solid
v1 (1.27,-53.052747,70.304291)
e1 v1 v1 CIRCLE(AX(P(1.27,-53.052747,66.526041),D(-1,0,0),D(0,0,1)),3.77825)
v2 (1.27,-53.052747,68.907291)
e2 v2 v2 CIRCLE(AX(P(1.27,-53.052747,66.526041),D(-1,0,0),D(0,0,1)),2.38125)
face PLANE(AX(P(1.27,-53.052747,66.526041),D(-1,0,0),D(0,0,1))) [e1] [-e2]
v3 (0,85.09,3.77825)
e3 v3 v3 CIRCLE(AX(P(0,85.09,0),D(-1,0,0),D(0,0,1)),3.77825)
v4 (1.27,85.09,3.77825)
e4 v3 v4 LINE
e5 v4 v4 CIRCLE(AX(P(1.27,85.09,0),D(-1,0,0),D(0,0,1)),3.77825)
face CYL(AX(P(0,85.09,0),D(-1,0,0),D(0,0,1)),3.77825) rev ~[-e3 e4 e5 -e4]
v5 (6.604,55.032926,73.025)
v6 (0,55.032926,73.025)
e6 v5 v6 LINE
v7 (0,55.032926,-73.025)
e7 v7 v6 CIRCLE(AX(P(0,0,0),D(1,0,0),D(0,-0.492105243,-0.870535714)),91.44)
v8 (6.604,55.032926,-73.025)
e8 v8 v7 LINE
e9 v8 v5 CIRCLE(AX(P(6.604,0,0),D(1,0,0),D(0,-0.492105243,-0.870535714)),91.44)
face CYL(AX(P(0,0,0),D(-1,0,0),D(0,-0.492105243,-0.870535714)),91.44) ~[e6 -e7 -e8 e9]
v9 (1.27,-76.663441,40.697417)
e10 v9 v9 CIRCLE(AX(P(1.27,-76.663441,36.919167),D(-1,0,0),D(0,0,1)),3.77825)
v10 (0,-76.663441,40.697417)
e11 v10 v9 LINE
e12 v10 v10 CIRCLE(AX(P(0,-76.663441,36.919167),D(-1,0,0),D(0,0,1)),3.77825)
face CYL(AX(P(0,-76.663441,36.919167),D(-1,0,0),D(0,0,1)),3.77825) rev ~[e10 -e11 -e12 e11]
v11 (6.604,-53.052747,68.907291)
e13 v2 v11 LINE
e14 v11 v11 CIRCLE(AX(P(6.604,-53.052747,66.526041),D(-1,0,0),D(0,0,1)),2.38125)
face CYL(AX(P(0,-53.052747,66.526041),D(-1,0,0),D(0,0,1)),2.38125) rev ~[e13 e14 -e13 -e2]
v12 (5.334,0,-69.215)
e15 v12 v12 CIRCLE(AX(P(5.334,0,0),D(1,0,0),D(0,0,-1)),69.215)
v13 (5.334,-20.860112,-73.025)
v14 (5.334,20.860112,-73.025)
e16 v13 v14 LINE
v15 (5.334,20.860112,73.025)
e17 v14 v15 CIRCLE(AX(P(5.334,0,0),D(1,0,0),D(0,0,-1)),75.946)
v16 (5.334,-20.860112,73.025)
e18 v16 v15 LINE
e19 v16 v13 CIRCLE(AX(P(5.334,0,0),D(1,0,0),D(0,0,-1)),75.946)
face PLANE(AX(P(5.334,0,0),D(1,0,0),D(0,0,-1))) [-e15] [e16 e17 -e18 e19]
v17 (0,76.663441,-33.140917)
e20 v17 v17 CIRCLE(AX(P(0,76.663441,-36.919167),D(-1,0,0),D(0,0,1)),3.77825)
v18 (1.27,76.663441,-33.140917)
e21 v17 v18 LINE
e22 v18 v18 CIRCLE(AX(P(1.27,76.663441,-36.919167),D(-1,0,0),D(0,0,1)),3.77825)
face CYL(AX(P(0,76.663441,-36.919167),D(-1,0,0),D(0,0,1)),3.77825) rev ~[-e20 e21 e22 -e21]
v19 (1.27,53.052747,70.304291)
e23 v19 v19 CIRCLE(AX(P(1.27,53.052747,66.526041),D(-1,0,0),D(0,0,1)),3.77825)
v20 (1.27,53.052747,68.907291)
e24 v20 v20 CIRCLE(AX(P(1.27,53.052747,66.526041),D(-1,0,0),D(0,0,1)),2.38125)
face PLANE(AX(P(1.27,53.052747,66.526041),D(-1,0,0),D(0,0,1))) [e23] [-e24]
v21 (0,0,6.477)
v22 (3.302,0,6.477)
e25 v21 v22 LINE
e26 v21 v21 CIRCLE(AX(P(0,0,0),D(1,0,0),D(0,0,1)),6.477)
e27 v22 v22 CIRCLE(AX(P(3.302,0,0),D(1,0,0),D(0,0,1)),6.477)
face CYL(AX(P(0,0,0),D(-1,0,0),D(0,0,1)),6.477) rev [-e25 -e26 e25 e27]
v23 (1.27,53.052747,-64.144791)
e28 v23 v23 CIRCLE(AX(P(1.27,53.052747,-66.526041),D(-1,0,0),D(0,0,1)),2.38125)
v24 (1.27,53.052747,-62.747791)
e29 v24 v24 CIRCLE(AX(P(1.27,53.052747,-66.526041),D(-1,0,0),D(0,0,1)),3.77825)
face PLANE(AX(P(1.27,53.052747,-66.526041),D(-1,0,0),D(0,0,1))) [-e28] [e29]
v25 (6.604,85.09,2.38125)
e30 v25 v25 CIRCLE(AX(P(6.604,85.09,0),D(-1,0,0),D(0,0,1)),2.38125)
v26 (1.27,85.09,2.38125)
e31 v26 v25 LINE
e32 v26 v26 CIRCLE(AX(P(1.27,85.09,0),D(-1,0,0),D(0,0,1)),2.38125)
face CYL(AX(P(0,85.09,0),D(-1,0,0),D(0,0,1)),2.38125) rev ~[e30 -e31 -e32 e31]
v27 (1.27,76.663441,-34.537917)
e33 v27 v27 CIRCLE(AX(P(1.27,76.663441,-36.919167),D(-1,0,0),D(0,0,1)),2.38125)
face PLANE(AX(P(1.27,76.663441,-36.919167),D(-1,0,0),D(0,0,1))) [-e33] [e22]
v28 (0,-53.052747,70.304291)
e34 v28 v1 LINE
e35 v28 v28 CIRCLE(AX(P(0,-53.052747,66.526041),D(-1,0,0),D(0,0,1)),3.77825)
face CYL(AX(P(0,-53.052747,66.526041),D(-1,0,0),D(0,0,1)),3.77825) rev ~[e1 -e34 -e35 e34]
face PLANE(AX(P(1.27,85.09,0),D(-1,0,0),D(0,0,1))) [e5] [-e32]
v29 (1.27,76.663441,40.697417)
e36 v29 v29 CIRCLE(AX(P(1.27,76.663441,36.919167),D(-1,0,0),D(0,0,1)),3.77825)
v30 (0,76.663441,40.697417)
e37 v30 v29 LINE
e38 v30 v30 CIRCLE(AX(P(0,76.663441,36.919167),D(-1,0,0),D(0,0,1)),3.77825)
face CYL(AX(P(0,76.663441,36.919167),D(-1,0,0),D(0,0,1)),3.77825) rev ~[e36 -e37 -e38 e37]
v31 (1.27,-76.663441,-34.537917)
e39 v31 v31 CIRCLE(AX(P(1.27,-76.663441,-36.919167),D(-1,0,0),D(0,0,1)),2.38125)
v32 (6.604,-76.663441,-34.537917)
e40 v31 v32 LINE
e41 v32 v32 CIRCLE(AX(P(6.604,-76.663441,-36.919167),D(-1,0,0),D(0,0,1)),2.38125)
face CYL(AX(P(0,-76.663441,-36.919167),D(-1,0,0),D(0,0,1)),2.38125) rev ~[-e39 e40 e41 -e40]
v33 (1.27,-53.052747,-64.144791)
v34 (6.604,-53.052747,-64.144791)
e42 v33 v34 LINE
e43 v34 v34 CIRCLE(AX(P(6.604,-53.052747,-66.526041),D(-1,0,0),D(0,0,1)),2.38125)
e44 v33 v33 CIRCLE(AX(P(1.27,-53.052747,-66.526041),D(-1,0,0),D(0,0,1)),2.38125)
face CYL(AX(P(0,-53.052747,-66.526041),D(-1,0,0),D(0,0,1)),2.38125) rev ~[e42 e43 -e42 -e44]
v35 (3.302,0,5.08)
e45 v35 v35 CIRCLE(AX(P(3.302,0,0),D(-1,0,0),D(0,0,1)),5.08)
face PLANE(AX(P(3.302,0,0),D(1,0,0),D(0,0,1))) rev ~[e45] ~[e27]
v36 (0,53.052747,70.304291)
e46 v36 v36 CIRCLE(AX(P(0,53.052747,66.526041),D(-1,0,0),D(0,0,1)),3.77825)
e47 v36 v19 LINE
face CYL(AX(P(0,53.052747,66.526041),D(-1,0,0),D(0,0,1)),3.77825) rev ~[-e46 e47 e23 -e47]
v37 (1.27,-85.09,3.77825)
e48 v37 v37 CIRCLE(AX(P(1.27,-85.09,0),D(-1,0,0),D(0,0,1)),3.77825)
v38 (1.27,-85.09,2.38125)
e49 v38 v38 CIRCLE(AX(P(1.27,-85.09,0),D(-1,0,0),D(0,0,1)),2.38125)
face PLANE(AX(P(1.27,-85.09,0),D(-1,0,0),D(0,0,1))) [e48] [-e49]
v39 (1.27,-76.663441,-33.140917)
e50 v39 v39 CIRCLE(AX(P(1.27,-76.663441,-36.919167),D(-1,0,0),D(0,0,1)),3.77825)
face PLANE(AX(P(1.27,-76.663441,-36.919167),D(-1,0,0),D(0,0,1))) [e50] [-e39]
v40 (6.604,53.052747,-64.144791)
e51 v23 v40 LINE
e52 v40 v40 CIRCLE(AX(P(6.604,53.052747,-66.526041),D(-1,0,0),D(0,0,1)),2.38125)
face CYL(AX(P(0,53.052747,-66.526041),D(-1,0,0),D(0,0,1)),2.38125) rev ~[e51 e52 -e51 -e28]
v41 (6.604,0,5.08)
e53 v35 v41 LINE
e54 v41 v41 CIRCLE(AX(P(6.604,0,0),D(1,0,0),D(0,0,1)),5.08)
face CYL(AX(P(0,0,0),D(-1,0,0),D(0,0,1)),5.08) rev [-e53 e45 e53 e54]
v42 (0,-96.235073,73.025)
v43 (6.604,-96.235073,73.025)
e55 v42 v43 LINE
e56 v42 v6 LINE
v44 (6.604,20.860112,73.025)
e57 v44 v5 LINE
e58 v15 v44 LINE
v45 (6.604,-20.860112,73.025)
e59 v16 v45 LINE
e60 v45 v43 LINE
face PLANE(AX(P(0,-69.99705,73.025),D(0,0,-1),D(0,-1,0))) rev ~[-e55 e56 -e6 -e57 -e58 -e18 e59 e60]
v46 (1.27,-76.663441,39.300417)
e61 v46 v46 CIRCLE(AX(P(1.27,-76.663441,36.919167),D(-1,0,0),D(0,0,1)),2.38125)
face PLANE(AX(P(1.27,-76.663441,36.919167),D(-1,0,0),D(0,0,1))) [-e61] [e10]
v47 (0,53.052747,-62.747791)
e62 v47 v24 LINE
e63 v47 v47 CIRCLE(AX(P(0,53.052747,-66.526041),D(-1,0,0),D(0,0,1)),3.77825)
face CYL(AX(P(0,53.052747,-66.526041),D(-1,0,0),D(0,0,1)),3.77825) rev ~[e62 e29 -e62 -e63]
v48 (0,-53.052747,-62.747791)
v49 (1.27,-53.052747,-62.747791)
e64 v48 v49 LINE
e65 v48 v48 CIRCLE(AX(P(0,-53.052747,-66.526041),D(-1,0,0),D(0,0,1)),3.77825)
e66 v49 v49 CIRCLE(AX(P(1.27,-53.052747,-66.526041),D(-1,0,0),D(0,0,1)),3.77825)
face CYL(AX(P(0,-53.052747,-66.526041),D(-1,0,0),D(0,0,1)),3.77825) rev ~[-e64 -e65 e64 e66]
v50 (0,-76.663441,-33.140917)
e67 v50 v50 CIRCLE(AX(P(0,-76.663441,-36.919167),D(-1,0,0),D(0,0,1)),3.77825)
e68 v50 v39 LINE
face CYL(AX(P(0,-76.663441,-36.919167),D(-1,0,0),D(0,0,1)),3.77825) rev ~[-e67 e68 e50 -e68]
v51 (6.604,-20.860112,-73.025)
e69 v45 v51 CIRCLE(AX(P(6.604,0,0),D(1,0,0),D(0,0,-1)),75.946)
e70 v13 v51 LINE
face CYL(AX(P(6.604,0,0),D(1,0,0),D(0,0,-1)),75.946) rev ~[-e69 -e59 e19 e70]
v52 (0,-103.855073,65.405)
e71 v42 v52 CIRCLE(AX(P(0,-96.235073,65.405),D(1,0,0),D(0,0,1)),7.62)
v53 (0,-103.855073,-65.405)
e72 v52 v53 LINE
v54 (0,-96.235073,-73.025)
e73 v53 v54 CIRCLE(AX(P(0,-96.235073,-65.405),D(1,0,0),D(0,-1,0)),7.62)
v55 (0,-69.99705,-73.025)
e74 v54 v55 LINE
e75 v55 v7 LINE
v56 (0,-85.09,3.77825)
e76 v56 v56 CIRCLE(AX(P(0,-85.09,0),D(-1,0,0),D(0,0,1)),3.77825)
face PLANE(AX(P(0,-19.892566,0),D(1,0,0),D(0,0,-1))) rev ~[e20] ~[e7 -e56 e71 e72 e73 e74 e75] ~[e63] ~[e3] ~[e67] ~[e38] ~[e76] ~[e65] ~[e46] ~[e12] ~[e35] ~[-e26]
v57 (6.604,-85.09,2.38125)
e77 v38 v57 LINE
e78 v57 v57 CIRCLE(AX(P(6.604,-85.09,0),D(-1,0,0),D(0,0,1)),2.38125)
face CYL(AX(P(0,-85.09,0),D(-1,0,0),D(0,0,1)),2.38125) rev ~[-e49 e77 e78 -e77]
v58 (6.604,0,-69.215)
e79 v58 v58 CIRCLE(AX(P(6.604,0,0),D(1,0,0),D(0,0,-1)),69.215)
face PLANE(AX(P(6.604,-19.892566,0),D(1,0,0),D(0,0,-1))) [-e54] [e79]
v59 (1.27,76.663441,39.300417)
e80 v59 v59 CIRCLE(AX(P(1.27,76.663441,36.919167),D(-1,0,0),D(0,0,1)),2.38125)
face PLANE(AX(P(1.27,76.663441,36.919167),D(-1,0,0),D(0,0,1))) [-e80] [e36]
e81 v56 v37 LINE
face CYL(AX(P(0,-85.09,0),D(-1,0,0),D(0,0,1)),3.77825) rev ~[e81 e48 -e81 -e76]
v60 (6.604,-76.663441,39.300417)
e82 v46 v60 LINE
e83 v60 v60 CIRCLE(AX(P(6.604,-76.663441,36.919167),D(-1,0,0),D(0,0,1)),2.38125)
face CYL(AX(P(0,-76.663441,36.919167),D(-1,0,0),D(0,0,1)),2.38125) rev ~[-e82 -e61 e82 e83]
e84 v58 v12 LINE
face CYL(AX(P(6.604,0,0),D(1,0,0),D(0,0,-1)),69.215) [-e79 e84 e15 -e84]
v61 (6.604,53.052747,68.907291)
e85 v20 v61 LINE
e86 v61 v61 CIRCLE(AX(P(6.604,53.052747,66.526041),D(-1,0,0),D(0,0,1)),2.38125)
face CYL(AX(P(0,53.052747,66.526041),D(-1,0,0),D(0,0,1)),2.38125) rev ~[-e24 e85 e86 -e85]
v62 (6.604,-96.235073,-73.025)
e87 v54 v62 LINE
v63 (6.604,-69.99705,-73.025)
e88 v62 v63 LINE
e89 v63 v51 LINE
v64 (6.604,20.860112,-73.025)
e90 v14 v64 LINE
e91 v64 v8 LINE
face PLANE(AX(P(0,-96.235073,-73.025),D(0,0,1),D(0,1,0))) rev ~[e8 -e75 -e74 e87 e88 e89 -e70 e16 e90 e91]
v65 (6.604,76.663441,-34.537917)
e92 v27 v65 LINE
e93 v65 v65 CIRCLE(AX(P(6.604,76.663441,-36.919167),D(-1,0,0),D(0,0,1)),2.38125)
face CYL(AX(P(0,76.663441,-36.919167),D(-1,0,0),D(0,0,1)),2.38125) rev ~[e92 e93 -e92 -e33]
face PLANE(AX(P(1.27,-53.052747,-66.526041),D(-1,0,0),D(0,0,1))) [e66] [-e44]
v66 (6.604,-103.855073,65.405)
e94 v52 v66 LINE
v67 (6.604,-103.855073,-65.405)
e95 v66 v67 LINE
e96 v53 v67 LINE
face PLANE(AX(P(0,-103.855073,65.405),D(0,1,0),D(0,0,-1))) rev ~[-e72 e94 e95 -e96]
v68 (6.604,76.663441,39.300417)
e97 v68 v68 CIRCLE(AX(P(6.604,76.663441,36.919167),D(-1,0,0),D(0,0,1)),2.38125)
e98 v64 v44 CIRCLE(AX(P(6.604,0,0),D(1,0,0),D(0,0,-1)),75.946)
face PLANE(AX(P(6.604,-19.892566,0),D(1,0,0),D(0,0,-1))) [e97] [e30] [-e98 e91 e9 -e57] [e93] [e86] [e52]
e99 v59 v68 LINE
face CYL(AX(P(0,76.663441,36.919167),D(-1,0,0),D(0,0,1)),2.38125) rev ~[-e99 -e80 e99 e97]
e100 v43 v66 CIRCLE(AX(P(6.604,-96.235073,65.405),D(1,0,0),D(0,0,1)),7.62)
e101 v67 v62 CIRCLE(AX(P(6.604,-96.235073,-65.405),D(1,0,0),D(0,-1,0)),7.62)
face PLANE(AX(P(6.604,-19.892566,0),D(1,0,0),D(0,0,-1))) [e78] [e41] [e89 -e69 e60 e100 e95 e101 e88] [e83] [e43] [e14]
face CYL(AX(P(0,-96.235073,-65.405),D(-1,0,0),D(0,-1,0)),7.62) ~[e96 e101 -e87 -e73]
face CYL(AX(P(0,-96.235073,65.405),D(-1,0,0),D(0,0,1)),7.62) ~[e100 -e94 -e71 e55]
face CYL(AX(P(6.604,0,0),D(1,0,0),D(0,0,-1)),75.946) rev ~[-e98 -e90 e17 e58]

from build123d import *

# Parameters (mm, degrees)
SKETCH1_R           = 5.08
BOSS_EXTRUDE1_DEPTH = 6.604
SKETCH2_R           = 6.477
CUT_EXTRUDE1_DEPTH  = 3.302
SKETCH3_R           = 75.946
SKETCH3_R_2         = 69.215
CUT_EXTRUDE2_DEPTH  = 1.27
SKETCH4_R           = 2.38125
CUT_EXTRUDE3_DEPTH  = 139.530727768
SKETCH5_R           = 3.77825
CUT_EXTRUDE4_DEPTH  = 1.27
SKETCH6_W           = 37.512644612
SKETCH6_H           = 125.02997604
SKETCH6_W_2         = 29.936636925
CUT_EXTRUDE6_DEPTH  = 139.530727768


with BuildPart() as part:
    # Sketch1 → Boss-Extrude1 (new body)
    with BuildSketch(Plane(origin=(0, 0, 0), x_dir=(0, 0, -1), z_dir=(1, 0, 0))):
        with BuildLine():
            Line((-65.405, -103.855072673), (65.405, -103.855072673))
            ThreePointArc((65.405, -103.855072673), (70.793153673, -101.623226346), (73.025, -96.235072673))
            Line((73.025, -96.235072673), (73.025, -69.997049759))
            ThreePointArc((73.025, -69.997049759), (74.696702219, -57.072253546), (79.601785714, -44.998103417))
            ThreePointArc((79.601785714, -44.998103417), (0, 91.44), (-79.601785714, -44.998103417))
            ThreePointArc((-79.601785714, -44.998103417), (-74.696702219, -57.072253546), (-73.025, -69.997049759))
            Line((-73.025, -69.997049759), (-73.025, -96.235072673))
            ThreePointArc((-73.025, -96.235072673), (-70.793153673, -101.623226346), (-65.405, -103.855072673))
        make_face()
        with Locations(Location((0, 0, 0), (0, 0, 180))):
            Circle(SKETCH1_R, mode=Mode.SUBTRACT)
    extrude(amount=BOSS_EXTRUDE1_DEPTH)

    # Sketch2 → Cut-Extrude1 (cut)
    with BuildSketch(Plane(origin=(0, 0, 0), x_dir=(0, 0, -1), z_dir=(1, 0, 0))):
        with Locations(Location((0, 0, 0), (0, 0, 180))):
            Circle(SKETCH2_R)
    extrude(amount=CUT_EXTRUDE1_DEPTH, mode=Mode.SUBTRACT)

    # Sketch3 → Cut-Extrude2 (cut)
    with BuildSketch(Plane(origin=(6.604, 0, 0), x_dir=(0, 0, -1), z_dir=(1, 0, 0))):
        Circle(SKETCH3_R)
        Circle(SKETCH3_R_2, mode=Mode.SUBTRACT)
    extrude(amount=-CUT_EXTRUDE2_DEPTH, mode=Mode.SUBTRACT)

    # Sketch4 → Cut-Extrude3 (cut, through all)
    with BuildSketch(Plane.ZY):
        with Locations((-82.956616048, 18.93430627)):
            Circle(SKETCH4_R)
        with Locations((0, 85.09)):
            Circle(SKETCH4_R)
        with Locations((-66.526040843, 53.05274724)):
            Circle(SKETCH4_R)
        with Locations((36.919167362, 76.66344097)):
            Circle(SKETCH4_R)
        with Locations((66.526040843, 53.05274724)):
            Circle(SKETCH4_R)
        with Locations((82.956616048, 18.93430627)):
            Circle(SKETCH4_R)
        with Locations((82.956616048, -18.93430627)):
            Circle(SKETCH4_R)
        with Locations((66.526040843, -53.05274724)):
            Circle(SKETCH4_R)
        with Locations((36.919167362, -76.66344097)):
            Circle(SKETCH4_R)
        with Locations((0, -85.09)):
            Circle(SKETCH4_R)
        with Locations((-36.919167361, -76.66344097)):
            Circle(SKETCH4_R)
        with Locations((-66.526040843, -53.05274724)):
            Circle(SKETCH4_R)
        with Locations((-82.956616048, -18.93430627)):
            Circle(SKETCH4_R)
        with Locations((-36.919167362, 76.66344097)):
            Circle(SKETCH4_R)
    extrude(amount=-CUT_EXTRUDE3_DEPTH, mode=Mode.SUBTRACT)

    # Sketch5 → Cut-Extrude4 (cut)
    with BuildSketch(Plane.ZY):
        with Locations((0, 85.09)):
            Circle(SKETCH5_R)
        with Locations((-82.956616048, 18.93430627)):
            Circle(SKETCH5_R)
        with Locations((-66.526040843, 53.05274724)):
            Circle(SKETCH5_R)
        with Locations((36.919167362, 76.66344097)):
            Circle(SKETCH5_R)
        with Locations((-36.919167362, 76.66344097)):
            Circle(SKETCH5_R)
        with Locations((66.526040843, 53.05274724)):
            Circle(SKETCH5_R)
        with Locations((82.956616048, 18.93430627)):
            Circle(SKETCH5_R)
        with Locations((82.956616048, -18.93430627)):
            Circle(SKETCH5_R)
        with Locations((66.526040843, -53.05274724)):
            Circle(SKETCH5_R)
        with Locations((36.919167362, -76.66344097)):
            Circle(SKETCH5_R)
        with Locations((0, -85.09)):
            Circle(SKETCH5_R)
        with Locations((-36.919167362, -76.66344097)):
            Circle(SKETCH5_R)
        with Locations((-66.526040843, -53.05274724)):
            Circle(SKETCH5_R)
        with Locations((-82.956616048, -18.93430627)):
            Circle(SKETCH5_R)
    extrude(amount=-CUT_EXTRUDE4_DEPTH, mode=Mode.SUBTRACT)

    # Sketch6 → Cut-Extrude6 (cut, through all)
    with BuildSketch(Plane(origin=(6.604, 0, 0), x_dir=(0, 0, -1), z_dir=(1, 0, 0))):
        with Locations((-91.781322306, -7.482061739)):
            Rectangle(SKETCH6_W, SKETCH6_H)
        with Locations((87.993318463, -7.482061739)):
            Rectangle(SKETCH6_W_2, SKETCH6_H)
    extrude(amount=-CUT_EXTRUDE6_DEPTH, mode=Mode.SUBTRACT)


solid = part.part
